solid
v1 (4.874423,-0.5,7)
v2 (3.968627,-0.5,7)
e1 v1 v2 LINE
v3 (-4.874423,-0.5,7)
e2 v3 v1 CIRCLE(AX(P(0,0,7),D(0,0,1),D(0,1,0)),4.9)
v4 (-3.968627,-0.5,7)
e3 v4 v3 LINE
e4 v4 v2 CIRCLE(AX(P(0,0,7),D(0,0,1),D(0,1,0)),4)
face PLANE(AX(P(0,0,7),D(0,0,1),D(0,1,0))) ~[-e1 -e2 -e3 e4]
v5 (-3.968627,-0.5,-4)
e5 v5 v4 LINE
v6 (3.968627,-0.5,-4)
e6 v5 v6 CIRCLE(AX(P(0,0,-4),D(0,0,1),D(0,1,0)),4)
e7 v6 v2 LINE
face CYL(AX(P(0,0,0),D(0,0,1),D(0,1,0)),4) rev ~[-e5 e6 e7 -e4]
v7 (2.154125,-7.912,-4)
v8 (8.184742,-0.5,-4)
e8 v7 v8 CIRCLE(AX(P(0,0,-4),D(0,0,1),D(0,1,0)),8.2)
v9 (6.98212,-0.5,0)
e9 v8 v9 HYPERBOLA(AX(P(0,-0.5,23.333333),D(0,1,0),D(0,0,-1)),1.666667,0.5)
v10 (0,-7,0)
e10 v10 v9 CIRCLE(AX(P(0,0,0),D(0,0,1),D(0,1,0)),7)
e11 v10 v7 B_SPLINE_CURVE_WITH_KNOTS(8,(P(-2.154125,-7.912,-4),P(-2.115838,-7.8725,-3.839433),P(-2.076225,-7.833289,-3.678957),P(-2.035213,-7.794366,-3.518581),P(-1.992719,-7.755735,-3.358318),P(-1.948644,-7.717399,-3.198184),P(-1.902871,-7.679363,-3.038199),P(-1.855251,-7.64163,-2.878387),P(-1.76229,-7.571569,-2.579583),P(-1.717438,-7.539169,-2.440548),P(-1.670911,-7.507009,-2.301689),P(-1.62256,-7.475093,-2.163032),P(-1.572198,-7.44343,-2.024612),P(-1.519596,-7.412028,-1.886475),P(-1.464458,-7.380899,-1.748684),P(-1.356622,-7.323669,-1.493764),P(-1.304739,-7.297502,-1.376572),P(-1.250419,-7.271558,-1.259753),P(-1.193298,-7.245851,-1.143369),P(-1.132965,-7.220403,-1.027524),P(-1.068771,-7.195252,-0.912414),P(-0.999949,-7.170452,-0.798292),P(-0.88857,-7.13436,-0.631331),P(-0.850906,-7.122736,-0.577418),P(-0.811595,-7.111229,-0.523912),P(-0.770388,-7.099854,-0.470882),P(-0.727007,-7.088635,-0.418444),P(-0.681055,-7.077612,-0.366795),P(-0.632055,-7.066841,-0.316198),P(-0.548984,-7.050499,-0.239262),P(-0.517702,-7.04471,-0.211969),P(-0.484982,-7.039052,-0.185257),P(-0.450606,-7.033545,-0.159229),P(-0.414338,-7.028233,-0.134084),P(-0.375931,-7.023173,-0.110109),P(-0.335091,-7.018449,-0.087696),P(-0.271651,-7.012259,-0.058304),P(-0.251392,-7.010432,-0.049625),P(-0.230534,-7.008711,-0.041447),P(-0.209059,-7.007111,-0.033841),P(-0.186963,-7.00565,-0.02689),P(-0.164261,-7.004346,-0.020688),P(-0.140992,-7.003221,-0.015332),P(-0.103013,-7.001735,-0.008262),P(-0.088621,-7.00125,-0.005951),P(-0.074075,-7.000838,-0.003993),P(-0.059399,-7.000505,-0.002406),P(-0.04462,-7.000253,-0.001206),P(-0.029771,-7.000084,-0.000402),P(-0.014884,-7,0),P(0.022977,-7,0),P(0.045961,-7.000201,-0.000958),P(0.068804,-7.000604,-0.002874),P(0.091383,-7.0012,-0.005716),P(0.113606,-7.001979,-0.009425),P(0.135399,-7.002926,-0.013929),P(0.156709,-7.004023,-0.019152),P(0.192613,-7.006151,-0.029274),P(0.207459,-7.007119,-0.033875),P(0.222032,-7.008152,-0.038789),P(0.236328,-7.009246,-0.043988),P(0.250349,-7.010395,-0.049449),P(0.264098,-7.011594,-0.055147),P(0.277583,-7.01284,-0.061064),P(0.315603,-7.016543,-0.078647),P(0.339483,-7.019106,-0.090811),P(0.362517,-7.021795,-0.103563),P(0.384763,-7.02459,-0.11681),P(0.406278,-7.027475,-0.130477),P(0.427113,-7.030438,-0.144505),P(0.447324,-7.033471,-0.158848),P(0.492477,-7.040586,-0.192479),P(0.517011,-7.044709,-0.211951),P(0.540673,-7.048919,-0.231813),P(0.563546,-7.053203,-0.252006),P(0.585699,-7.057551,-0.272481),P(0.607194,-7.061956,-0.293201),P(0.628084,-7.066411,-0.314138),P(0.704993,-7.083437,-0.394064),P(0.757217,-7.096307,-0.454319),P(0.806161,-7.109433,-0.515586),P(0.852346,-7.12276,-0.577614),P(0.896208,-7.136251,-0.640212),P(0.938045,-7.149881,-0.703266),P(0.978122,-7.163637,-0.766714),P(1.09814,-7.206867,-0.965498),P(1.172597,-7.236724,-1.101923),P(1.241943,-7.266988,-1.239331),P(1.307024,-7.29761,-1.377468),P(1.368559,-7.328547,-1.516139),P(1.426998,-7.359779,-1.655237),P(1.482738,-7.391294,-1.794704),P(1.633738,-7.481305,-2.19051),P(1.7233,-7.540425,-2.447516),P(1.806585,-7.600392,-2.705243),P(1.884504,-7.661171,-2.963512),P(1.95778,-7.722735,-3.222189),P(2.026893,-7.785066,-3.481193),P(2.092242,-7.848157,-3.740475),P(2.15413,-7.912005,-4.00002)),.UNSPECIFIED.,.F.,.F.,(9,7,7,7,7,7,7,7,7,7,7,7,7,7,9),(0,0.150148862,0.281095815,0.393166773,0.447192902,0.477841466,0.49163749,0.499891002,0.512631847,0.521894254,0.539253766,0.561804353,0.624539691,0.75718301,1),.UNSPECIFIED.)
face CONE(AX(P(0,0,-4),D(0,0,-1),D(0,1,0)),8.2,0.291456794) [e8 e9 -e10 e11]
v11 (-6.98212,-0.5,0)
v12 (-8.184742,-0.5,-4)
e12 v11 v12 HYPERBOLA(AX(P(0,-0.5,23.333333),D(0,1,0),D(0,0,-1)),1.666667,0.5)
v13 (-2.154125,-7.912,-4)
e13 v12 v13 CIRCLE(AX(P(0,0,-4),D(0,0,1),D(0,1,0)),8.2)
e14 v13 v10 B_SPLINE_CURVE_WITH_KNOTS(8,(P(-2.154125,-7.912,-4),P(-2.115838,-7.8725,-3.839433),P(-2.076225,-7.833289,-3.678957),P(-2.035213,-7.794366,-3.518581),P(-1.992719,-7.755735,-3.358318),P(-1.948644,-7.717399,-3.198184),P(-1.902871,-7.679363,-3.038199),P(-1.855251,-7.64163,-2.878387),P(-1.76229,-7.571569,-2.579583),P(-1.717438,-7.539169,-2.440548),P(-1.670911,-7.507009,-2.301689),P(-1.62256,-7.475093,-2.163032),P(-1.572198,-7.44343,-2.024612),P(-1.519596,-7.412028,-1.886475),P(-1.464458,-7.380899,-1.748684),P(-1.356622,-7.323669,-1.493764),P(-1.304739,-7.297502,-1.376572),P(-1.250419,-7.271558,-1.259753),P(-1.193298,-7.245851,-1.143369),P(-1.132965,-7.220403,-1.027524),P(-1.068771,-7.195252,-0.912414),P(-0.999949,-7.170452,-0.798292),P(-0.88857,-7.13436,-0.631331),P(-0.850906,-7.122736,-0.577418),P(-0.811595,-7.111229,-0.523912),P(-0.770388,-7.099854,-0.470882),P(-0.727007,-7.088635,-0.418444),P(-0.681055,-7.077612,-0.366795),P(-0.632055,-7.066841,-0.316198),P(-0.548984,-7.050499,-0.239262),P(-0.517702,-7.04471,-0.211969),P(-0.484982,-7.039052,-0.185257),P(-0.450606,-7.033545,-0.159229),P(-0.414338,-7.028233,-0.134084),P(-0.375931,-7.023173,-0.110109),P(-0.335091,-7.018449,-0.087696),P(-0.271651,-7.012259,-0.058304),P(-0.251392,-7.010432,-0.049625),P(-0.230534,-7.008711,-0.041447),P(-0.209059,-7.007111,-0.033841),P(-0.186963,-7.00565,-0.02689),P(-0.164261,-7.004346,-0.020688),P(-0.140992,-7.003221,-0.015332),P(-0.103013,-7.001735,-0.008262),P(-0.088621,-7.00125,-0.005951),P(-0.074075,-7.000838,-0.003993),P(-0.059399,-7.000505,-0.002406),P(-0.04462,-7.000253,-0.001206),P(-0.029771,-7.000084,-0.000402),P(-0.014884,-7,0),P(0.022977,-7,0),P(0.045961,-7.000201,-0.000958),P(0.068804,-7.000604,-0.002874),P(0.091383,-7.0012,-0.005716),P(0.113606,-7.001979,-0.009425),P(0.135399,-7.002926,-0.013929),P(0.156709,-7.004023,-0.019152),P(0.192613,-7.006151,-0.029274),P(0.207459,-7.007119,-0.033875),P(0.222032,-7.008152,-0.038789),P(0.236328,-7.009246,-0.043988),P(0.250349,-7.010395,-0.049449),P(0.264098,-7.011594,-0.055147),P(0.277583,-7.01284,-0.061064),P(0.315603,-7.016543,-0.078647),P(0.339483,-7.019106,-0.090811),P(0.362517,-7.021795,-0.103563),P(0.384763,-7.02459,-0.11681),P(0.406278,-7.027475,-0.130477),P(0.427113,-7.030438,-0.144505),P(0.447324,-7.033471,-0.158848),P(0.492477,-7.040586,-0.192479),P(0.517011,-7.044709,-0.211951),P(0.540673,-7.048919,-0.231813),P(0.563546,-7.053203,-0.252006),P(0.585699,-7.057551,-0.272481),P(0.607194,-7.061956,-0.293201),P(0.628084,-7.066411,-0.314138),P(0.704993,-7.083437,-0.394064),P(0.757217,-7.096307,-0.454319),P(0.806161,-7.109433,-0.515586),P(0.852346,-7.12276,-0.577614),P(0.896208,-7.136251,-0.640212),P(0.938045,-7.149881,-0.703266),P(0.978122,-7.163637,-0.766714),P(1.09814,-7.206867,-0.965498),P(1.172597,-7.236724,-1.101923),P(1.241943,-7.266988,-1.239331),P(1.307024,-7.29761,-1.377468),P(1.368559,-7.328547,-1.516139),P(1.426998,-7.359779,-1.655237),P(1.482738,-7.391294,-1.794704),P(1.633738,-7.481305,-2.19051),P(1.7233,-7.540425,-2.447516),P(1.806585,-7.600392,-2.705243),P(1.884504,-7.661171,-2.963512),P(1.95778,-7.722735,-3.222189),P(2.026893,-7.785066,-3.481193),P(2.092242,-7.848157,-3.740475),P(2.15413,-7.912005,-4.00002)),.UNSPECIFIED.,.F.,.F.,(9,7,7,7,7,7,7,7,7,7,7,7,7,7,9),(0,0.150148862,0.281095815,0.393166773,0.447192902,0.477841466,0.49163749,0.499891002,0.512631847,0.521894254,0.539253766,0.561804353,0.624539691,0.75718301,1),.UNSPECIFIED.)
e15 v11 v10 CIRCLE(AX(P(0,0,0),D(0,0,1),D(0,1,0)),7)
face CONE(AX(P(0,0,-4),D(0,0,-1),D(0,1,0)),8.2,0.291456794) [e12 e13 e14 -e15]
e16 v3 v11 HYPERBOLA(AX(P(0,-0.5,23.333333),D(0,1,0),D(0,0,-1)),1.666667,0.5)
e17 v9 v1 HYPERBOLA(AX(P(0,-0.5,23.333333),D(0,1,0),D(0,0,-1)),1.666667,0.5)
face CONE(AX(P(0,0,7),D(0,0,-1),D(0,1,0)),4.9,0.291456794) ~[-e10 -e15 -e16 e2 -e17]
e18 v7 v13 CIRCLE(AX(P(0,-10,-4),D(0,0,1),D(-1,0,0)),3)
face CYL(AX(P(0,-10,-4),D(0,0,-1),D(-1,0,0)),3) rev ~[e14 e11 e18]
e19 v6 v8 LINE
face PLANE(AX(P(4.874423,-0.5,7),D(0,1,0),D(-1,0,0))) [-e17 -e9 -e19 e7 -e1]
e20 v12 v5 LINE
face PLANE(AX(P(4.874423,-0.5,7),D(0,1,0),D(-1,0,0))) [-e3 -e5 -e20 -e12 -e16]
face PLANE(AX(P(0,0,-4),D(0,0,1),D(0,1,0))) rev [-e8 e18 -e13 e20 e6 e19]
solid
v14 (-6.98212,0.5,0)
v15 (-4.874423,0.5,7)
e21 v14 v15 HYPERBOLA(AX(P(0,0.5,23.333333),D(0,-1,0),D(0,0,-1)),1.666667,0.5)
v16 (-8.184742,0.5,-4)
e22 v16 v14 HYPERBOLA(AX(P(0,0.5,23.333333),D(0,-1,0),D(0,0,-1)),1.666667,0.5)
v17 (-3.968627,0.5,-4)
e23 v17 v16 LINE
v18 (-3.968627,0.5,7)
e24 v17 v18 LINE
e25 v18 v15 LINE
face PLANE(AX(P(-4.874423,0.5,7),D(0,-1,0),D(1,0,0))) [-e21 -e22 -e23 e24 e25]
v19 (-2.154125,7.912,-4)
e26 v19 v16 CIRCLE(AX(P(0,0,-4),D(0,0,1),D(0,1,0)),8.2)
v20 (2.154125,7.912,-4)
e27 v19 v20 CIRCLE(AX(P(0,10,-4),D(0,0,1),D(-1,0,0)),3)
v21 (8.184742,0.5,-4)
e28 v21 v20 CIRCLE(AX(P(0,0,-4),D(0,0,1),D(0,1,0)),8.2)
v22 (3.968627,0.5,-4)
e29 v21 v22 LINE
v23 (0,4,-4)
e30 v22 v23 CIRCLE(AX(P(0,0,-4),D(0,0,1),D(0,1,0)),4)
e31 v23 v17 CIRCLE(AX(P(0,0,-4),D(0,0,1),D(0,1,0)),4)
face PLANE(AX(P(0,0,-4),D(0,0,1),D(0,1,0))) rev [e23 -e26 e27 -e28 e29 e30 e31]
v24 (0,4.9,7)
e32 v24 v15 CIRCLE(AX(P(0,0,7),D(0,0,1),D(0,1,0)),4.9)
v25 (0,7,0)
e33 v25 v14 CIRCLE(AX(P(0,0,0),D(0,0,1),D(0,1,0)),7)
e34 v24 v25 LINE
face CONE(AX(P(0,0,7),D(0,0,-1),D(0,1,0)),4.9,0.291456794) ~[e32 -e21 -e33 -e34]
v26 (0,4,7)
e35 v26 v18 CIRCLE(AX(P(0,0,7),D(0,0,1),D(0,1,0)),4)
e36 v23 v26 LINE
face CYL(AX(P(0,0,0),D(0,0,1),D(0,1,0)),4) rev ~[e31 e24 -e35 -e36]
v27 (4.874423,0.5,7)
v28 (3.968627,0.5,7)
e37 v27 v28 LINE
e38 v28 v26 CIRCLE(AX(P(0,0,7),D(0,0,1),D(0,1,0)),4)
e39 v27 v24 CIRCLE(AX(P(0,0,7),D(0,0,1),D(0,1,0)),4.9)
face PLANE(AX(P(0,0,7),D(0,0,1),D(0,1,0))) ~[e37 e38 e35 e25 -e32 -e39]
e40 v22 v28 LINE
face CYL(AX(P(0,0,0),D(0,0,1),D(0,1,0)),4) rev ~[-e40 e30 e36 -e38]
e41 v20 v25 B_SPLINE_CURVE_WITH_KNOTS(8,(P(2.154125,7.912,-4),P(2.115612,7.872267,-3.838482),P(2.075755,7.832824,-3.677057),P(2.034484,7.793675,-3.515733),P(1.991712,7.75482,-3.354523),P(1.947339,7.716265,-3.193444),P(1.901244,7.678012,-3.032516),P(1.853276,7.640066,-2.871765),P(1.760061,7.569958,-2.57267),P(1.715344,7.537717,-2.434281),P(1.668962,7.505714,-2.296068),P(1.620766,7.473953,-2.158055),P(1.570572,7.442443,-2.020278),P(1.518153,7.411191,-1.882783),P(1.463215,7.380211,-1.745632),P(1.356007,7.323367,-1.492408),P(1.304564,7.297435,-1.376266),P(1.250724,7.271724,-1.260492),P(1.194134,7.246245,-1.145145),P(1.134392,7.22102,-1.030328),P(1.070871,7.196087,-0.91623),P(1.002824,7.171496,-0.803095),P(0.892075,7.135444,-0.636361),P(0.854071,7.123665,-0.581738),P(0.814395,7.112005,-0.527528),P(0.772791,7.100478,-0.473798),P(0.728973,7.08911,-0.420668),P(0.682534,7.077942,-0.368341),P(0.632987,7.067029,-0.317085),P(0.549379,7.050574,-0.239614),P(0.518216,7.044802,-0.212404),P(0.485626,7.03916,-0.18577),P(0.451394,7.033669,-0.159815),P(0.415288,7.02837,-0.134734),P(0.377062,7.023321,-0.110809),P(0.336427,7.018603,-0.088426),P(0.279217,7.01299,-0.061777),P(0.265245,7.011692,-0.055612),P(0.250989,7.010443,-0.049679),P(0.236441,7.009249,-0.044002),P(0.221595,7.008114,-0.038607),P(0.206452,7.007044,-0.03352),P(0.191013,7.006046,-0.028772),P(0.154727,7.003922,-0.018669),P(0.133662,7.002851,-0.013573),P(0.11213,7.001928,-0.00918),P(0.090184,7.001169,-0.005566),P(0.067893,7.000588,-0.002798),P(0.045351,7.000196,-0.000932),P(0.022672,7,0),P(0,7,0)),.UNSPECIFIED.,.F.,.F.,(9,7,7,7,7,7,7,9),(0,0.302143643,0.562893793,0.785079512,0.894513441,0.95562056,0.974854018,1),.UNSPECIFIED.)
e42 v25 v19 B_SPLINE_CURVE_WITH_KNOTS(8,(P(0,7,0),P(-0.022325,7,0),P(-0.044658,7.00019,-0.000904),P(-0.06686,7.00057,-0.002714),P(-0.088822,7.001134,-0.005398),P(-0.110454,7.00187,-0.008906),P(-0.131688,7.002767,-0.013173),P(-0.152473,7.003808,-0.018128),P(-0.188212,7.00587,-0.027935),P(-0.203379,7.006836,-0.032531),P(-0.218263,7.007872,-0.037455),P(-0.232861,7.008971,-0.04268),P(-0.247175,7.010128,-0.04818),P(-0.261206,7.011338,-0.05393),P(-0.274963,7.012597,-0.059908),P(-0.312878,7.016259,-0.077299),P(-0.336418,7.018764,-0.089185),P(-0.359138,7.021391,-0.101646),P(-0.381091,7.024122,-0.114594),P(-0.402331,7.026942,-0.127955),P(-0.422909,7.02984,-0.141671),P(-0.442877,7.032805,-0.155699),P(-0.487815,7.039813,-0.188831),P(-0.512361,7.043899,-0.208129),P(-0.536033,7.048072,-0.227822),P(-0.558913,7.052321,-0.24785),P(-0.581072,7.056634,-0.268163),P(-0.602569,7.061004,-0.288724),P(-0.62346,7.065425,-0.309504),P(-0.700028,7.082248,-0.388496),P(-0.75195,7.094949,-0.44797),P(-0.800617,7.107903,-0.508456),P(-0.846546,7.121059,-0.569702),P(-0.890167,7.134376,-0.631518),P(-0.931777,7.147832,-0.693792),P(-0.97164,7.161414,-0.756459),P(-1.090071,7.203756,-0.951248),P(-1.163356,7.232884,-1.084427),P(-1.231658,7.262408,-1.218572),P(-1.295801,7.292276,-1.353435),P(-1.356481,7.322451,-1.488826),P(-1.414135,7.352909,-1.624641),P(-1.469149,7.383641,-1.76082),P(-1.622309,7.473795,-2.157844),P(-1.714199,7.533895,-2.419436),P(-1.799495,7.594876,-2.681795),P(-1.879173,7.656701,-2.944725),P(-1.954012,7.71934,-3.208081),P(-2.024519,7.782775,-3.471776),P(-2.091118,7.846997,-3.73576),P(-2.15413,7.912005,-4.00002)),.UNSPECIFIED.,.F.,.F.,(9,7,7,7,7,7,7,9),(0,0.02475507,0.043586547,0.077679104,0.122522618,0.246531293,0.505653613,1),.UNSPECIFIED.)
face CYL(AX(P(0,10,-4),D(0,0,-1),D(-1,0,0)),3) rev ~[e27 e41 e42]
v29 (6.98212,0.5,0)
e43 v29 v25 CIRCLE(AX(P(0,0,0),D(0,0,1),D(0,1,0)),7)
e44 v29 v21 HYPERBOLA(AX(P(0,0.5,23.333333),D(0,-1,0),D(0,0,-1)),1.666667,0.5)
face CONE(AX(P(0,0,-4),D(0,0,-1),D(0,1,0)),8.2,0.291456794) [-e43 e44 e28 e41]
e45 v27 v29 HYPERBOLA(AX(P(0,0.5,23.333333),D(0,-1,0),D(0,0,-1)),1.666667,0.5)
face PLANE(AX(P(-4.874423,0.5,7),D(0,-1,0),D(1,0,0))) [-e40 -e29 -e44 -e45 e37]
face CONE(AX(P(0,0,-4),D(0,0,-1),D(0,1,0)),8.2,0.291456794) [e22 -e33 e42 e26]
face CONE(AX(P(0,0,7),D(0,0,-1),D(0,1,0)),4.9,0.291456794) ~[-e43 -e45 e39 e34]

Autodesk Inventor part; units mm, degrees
ref_plane "YZ Plane" through (0, 0, 0) normal (1, 0, 0) x (0, 1, 0)
ref_plane "XZ Plane" through (0, 0, 0) normal (0, 1, 0) x (-1, 0, 0)
ref_plane "XY Plane" through (0, 0, 0) normal (0, 0, 1) x (1, 0, 0)
sketch "Sketch1" plane through (0, 0, 0) normal (1, 0, 0) x (0, 1, 0)
  line L0 (0, 0) -> (4, 0) construction
  line L1 (4, 0) -> (4, 7)
  line L2 (4, 7) -> (4.9, 7)
  line L3 (4.9, 7) -> (7, 0)
  line L4 (7, 0) -> (4, 0)
  line L5 (4, 7) -> (4, 10) construction
  line L6 (4, 10) -> (4.9, 7) construction
  line L7 (4, 0) -> (4, -4)
  line L8 (4, -4) -> (8.2, -4)
  line L9 (8.2, -4) -> (7, 0)
  line L10 (0, 0) -> (0, 5.7266)
  dimension "d0" = 3
  dimension "d1" = 4
  dimension "d2" = 10
  dimension "d3" = 7
  dimension "d4" = 4
revolve "Revolution1" add sketch "Sketch1" angle 360 about axis through (0, 0, 0) along (0, 0, 1)
sketch "Sketch2" plane through (0, 0, 7) normal (0, 0, 1) x (1, 0, 0)
  circle A0 centre (0, 0) radius 4.9 projected
  line L0 (10, -0.5) -> (-10, -0.5)
  line L1 (-10, -0.5) -> (-10, 0.5)
  line L2 (-10, 0.5) -> (10, 0.5)
  line L3 (10, 0.5) -> (10, -0.5)
  line L4 (10, -0.5) -> (-10, 0.5) construction
  line L5 (-10, -0.5) -> (10, 0.5) construction
  dimension "d6" = 1
  dimension "d7" = 20
extrude "Extrusion1" cut sketch "Sketch2" against normal through all contours A0 L0 L2 | A0 L2 L3 L0 | A0 L0 L1 L2
sketch "Sketch3" plane through (0, 0, -4) normal (0, 0, -1) x (-1, 0, 0)
  arc A0 (-3.9686, -0.5) -> (3.9686, -0.5) centre (0, 0) ccw projected
  line L0 (-3.9686, -0.5) -> (-8.1847, -0.5) projected
  line L1 (0, 10) -> (0, -10)
  circle A1 centre (0, 10) radius 3
  circle A2 centre (0, -10) radius 3
  dimension "d10" = 20
  dimension "d11" = 6
extrude "Extrusion2" cut sketch "Sketch3" against normal through all
properties part number "shaft collar"
